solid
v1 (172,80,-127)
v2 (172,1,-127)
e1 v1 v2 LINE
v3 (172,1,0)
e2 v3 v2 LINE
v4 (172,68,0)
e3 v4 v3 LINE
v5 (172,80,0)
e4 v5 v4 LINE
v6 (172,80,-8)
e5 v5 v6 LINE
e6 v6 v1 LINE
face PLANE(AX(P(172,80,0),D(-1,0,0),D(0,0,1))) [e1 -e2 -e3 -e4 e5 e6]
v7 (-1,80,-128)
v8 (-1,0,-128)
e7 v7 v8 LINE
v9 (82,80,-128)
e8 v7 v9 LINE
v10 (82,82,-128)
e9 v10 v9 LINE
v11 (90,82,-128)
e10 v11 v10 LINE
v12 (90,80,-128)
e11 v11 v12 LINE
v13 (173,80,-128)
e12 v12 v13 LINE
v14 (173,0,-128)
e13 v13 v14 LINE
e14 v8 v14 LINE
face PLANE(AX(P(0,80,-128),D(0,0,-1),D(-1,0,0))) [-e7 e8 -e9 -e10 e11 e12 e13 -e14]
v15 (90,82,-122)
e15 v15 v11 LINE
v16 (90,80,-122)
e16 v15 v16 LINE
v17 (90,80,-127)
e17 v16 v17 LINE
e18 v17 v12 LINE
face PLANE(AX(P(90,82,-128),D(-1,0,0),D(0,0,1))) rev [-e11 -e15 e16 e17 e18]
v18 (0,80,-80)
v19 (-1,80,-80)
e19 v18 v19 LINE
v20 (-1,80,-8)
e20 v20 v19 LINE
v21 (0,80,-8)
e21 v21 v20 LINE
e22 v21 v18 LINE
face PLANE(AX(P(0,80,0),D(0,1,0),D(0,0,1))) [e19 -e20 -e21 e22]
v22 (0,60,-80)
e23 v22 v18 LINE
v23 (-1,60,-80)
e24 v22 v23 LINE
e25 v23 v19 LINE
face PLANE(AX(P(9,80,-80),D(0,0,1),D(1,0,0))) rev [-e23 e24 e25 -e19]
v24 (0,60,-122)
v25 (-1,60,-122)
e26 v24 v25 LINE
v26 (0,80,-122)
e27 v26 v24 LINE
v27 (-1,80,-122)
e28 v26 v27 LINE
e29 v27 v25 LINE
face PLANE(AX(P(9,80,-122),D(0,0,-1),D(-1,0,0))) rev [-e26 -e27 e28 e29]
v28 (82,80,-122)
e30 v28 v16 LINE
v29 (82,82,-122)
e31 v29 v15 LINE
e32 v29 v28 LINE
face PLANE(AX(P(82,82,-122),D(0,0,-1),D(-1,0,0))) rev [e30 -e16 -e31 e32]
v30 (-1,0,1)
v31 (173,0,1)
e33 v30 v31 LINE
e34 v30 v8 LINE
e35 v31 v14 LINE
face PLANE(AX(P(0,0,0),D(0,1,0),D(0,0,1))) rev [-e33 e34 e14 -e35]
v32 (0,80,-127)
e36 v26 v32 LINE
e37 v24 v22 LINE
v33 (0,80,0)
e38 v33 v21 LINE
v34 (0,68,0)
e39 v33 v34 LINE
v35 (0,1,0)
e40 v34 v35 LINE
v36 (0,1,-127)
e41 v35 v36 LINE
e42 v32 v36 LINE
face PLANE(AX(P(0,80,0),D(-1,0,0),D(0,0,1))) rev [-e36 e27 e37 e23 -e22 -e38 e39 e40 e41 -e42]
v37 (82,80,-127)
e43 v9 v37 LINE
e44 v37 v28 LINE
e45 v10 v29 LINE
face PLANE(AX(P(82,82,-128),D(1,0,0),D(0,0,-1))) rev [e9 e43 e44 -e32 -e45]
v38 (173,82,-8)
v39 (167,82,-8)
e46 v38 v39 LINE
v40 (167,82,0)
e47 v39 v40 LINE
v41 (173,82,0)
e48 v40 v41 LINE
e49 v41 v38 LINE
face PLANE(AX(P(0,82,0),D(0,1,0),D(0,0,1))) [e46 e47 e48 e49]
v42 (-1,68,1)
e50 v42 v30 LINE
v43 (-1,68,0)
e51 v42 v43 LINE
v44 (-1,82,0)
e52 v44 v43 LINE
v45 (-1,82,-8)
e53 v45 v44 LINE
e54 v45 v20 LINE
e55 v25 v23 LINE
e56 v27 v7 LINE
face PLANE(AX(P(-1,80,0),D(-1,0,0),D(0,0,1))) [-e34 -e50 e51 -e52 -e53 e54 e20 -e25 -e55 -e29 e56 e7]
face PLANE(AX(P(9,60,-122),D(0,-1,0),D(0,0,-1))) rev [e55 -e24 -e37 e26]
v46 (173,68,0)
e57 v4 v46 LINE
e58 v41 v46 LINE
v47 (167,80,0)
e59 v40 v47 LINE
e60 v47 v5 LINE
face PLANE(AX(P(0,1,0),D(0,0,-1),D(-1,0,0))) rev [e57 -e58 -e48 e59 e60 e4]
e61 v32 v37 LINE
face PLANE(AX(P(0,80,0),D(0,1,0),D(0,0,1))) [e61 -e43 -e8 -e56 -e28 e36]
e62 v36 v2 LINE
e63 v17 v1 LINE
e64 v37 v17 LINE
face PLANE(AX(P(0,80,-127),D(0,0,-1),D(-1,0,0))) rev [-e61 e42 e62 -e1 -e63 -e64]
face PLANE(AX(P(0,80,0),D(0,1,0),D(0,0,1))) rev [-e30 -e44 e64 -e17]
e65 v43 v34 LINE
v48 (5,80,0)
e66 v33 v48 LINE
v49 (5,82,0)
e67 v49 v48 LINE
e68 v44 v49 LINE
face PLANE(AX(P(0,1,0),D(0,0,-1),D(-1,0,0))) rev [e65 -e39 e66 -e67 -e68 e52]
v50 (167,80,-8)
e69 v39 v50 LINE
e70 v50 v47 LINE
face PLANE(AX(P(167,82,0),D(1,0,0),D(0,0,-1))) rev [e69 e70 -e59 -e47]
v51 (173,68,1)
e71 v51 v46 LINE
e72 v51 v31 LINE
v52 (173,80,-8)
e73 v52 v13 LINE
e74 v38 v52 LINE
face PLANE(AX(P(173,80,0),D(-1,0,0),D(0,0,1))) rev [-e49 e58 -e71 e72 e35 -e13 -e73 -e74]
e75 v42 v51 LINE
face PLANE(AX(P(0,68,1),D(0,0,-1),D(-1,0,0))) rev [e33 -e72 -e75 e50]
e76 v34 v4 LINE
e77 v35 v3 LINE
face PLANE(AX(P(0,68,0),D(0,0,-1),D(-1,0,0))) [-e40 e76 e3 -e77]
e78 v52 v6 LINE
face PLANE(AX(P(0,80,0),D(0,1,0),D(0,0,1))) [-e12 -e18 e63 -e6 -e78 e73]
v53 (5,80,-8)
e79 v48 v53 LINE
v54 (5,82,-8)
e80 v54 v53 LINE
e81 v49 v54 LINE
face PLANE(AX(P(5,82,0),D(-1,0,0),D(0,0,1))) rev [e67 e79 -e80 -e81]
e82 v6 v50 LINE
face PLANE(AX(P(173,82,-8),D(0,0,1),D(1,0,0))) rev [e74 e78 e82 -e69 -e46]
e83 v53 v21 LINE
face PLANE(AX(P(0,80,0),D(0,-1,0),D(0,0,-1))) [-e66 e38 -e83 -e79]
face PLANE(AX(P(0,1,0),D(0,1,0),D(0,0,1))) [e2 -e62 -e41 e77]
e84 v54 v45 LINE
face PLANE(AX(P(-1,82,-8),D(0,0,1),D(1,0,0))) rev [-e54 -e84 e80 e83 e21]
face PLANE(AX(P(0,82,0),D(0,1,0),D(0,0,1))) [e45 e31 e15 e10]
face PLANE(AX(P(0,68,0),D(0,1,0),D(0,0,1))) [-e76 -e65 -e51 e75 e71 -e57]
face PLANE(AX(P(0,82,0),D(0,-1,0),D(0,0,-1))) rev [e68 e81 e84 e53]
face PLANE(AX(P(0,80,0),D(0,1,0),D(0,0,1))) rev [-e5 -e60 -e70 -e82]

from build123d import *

# Parameters (mm, degrees)
SKETCH1_W           = 172
SKETCH1_H           = 127
BOSS_EXTRUDE1_DEPTH = 1
BOSS_EXTRUDE2_DEPTH = 80
BOSS_EXTRUDE3_DEPTH = 68
SKETCH4_W           = 6
SKETCH4_H           = 8
SKETCH4_W_2         = 8
SKETCH4_H_2         = 6
BOSS_EXTRUDE4_DEPTH = 2
SKETCH5_W           = 42
SKETCH5_H           = 20
CUT_EXTRUDE1_DEPTH  = 10


with BuildPart() as part:
    # Sketch1 → Boss-Extrude1 (new body)
    with BuildSketch(Plane(origin=(0, 0, 0), x_dir=(1, 0, 0), z_dir=(0, 1, 0))):
        with Locations((86, 63.5)):
            Rectangle(SKETCH1_W, SKETCH1_H)
    extrude(amount=BOSS_EXTRUDE1_DEPTH)

    # Sketch1<3> → Boss-Extrude2 (add)
    with BuildSketch(Plane(origin=(0, 0, 0), x_dir=(1, 0, 0), z_dir=(0, 1, 0))):
        Polygon((-1, 128), (-1, 0), (0, 0), (0, 127), (172, 127), (172, 0), (173, 0), (173, 128), align=None)
    extrude(amount=BOSS_EXTRUDE2_DEPTH)

    # Sketch1<4> → Boss-Extrude3 (add)
    with BuildSketch(Plane(origin=(0, 0, 0), x_dir=(1, 0, 0), z_dir=(0, 1, 0))):
        Polygon((-1, 0), (-1, -1), (173, -1), (173, 0), (172, 0), (0, 0), align=None)
    extrude(amount=BOSS_EXTRUDE3_DEPTH)

    # Sketch4 → Boss-Extrude4 (add)
    with BuildSketch(Plane(origin=(0, 80, 0), x_dir=(1, 0, 0), z_dir=(0, 1, 0))):
        with Locations((2, 4)):
            Rectangle(SKETCH4_W, SKETCH4_H)
        with Locations((170, 4)):
            Rectangle(SKETCH4_W, SKETCH4_H)
        with Locations((86, 125)):
            Rectangle(SKETCH4_W_2, SKETCH4_H_2)
    extrude(amount=BOSS_EXTRUDE4_DEPTH)

    # Sketch5 → Cut-Extrude1 (cut)
    with BuildSketch(Plane.ZY.offset(1)):
        with Locations((-101, 70)):
            Rectangle(SKETCH5_W, SKETCH5_H)
    extrude(amount=-CUT_EXTRUDE1_DEPTH, mode=Mode.SUBTRACT)


solid = part.part
